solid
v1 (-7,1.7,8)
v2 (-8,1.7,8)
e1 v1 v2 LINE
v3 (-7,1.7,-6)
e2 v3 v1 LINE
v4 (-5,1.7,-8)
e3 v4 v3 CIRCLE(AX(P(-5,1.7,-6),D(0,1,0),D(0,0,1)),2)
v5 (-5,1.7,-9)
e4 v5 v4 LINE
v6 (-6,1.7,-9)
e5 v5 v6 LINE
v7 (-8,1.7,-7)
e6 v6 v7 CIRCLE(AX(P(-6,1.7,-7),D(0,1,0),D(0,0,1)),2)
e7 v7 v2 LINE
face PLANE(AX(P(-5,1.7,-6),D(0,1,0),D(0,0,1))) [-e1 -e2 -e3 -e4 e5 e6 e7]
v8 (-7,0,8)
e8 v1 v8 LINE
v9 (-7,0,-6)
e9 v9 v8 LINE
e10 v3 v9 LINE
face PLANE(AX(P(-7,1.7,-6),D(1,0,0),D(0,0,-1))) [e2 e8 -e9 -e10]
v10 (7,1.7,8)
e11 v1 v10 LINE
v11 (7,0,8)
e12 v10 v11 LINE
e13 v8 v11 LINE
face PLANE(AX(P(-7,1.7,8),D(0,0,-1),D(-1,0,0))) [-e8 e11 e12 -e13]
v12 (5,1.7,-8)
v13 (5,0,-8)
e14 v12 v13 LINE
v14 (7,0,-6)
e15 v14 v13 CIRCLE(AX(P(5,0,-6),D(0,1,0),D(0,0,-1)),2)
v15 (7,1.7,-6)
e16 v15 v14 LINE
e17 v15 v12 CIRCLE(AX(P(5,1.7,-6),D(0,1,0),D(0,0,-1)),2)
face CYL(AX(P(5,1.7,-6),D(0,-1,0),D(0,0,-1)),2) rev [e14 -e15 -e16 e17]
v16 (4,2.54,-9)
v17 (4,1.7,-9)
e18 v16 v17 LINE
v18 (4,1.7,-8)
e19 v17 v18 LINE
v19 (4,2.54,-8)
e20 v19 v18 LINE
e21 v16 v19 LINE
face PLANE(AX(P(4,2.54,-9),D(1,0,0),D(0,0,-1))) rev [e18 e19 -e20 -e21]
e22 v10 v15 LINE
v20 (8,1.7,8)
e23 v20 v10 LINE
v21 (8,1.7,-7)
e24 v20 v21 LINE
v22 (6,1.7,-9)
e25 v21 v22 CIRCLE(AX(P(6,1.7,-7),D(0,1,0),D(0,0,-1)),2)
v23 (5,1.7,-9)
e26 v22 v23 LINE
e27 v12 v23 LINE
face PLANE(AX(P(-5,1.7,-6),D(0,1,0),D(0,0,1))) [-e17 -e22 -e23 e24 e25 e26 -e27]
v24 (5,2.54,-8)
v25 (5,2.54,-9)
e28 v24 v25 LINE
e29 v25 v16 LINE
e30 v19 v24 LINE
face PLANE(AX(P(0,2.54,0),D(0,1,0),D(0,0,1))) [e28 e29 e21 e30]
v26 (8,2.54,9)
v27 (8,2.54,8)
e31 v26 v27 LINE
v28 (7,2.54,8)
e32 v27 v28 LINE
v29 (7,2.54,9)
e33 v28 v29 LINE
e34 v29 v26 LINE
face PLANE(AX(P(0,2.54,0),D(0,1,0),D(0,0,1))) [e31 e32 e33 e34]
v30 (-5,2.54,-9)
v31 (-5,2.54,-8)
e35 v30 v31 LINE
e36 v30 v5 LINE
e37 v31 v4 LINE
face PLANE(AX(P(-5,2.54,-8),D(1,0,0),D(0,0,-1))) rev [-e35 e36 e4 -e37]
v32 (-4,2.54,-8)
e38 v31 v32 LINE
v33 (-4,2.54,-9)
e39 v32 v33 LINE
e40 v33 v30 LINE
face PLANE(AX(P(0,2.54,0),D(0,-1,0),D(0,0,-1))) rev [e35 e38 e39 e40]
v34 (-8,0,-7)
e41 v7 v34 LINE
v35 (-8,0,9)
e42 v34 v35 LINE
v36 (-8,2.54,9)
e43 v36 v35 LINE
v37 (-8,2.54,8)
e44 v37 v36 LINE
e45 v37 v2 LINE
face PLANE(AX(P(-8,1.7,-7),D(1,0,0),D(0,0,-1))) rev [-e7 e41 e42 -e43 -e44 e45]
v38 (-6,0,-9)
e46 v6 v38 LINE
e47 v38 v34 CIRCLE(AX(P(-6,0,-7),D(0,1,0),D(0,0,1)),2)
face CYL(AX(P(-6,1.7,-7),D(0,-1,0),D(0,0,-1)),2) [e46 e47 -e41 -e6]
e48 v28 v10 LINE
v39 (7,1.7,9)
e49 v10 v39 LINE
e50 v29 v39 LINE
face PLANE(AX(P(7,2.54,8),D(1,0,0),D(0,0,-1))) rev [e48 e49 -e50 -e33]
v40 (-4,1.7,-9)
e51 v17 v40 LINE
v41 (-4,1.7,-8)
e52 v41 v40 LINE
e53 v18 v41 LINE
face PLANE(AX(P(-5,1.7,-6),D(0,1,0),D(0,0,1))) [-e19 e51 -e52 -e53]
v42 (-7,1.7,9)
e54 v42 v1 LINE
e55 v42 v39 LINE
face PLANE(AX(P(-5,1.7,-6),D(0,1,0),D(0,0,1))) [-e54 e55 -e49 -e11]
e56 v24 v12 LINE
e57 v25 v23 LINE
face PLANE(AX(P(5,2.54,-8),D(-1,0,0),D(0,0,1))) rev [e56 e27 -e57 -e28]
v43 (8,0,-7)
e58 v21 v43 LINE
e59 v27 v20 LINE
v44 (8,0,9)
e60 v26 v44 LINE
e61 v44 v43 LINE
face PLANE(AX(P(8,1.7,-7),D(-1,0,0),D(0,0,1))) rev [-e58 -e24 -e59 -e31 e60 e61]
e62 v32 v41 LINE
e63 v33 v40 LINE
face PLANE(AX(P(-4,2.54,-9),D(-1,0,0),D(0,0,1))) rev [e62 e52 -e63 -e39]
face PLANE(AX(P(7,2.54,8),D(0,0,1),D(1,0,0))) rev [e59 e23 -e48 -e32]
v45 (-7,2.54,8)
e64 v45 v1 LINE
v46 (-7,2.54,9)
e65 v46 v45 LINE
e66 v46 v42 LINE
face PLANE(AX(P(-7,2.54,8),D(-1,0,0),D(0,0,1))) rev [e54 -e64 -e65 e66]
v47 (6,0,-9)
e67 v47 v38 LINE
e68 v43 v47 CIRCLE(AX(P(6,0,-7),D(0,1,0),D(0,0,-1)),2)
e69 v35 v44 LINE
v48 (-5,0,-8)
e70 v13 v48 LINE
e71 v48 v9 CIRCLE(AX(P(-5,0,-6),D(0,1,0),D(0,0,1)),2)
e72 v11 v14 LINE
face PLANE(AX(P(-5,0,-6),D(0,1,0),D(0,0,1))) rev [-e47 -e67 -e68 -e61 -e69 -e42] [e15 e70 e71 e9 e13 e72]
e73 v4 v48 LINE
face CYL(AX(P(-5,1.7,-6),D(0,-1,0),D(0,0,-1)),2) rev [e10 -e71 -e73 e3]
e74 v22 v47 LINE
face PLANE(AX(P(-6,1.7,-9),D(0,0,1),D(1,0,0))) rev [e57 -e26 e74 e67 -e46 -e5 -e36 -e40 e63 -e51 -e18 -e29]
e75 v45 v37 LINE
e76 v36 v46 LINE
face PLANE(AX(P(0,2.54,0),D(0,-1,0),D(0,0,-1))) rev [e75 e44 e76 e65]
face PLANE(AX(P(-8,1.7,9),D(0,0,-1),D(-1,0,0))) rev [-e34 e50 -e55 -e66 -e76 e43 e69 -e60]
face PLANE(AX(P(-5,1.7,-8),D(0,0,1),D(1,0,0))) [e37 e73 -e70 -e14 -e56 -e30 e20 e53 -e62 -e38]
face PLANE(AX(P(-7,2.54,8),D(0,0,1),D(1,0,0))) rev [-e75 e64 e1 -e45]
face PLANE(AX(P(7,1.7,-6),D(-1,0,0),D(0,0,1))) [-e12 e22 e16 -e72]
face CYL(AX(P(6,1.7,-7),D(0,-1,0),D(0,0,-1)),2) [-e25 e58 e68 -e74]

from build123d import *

# Parameters (mm, degrees)
BOSS_EXTRUDE1_DEPTH = 1.7
BOSS_EXTRUDE3_DEPTH = 1.7
CUT_EXTRUDE1_DEPTH  = 1.7
SKETCH5_W           = 1
SKETCH5_H           = 1
BOSS_EXTRUDE4_DEPTH = 0.84


with BuildPart() as part:
    # Sketch1 → Boss-Extrude1 (new body)
    with BuildSketch(Plane(origin=(0, 0, 0), x_dir=(1, 0, 0), z_dir=(0, 1, 0))):
        with BuildLine():
            Line((-5, 8), (5, 8))
            ThreePointArc((5, 8), (6.414213562, 7.414213562), (7, 6))
            Line((7, 6), (7, -8))
            Line((7, -8), (-7, -8))
            Line((-7, -8), (-7, 6))
            ThreePointArc((-7, 6), (-6.414213562, 7.414213562), (-5, 8))
        make_face()
    extrude(amount=BOSS_EXTRUDE1_DEPTH)

    # Sketch3 → Boss-Extrude3 (add)
    with BuildSketch(Plane(origin=(0, 0, 0), x_dir=(1, 0, 0), z_dir=(0, 1, 0))):
        with BuildLine():
            Line((-6, 9), (6, 9))
            ThreePointArc((6, 9), (7.414213562, 8.414213562), (8, 7))
            Line((8, 7), (8, -9))
            Line((8, -9), (-8, -9))
            Line((-8, -9), (-8, 7))
            ThreePointArc((-8, 7), (-7.414213562, 8.414213562), (-6, 9))
        make_face()
    extrude(amount=BOSS_EXTRUDE3_DEPTH)

    # Sketch1<2> → Cut-Extrude1 (cut)
    with BuildSketch(Plane(origin=(0, 0, 0), x_dir=(1, 0, 0), z_dir=(0, 1, 0))):
        with BuildLine():
            Line((-5, 8), (5, 8))
            ThreePointArc((5, 8), (6.414213562, 7.414213562), (7, 6))
            Line((7, 6), (7, -8))
            Line((7, -8), (-7, -8))
            Line((-7, -8), (-7, 6))
            ThreePointArc((-7, 6), (-6.414213562, 7.414213562), (-5, 8))
        make_face()
    extrude(amount=CUT_EXTRUDE1_DEPTH, mode=Mode.SUBTRACT)

    # Sketch5 → Boss-Extrude4 (add)
    with BuildSketch(Plane(origin=(0, 1.7, 0), x_dir=(1, 0, 0), z_dir=(0, 1, 0))):
        with Locations((-4.5, 8.5)):
            Rectangle(SKETCH5_W, SKETCH5_H)
        with Locations((-7.5, -8.5)):
            Rectangle(SKETCH5_W, SKETCH5_H)
        with Locations((7.5, -8.5)):
            Rectangle(SKETCH5_W, SKETCH5_H)
        with Locations((4.5, 8.5)):
            Rectangle(SKETCH5_W, SKETCH5_H)
    extrude(amount=BOSS_EXTRUDE4_DEPTH)


solid = part.part
